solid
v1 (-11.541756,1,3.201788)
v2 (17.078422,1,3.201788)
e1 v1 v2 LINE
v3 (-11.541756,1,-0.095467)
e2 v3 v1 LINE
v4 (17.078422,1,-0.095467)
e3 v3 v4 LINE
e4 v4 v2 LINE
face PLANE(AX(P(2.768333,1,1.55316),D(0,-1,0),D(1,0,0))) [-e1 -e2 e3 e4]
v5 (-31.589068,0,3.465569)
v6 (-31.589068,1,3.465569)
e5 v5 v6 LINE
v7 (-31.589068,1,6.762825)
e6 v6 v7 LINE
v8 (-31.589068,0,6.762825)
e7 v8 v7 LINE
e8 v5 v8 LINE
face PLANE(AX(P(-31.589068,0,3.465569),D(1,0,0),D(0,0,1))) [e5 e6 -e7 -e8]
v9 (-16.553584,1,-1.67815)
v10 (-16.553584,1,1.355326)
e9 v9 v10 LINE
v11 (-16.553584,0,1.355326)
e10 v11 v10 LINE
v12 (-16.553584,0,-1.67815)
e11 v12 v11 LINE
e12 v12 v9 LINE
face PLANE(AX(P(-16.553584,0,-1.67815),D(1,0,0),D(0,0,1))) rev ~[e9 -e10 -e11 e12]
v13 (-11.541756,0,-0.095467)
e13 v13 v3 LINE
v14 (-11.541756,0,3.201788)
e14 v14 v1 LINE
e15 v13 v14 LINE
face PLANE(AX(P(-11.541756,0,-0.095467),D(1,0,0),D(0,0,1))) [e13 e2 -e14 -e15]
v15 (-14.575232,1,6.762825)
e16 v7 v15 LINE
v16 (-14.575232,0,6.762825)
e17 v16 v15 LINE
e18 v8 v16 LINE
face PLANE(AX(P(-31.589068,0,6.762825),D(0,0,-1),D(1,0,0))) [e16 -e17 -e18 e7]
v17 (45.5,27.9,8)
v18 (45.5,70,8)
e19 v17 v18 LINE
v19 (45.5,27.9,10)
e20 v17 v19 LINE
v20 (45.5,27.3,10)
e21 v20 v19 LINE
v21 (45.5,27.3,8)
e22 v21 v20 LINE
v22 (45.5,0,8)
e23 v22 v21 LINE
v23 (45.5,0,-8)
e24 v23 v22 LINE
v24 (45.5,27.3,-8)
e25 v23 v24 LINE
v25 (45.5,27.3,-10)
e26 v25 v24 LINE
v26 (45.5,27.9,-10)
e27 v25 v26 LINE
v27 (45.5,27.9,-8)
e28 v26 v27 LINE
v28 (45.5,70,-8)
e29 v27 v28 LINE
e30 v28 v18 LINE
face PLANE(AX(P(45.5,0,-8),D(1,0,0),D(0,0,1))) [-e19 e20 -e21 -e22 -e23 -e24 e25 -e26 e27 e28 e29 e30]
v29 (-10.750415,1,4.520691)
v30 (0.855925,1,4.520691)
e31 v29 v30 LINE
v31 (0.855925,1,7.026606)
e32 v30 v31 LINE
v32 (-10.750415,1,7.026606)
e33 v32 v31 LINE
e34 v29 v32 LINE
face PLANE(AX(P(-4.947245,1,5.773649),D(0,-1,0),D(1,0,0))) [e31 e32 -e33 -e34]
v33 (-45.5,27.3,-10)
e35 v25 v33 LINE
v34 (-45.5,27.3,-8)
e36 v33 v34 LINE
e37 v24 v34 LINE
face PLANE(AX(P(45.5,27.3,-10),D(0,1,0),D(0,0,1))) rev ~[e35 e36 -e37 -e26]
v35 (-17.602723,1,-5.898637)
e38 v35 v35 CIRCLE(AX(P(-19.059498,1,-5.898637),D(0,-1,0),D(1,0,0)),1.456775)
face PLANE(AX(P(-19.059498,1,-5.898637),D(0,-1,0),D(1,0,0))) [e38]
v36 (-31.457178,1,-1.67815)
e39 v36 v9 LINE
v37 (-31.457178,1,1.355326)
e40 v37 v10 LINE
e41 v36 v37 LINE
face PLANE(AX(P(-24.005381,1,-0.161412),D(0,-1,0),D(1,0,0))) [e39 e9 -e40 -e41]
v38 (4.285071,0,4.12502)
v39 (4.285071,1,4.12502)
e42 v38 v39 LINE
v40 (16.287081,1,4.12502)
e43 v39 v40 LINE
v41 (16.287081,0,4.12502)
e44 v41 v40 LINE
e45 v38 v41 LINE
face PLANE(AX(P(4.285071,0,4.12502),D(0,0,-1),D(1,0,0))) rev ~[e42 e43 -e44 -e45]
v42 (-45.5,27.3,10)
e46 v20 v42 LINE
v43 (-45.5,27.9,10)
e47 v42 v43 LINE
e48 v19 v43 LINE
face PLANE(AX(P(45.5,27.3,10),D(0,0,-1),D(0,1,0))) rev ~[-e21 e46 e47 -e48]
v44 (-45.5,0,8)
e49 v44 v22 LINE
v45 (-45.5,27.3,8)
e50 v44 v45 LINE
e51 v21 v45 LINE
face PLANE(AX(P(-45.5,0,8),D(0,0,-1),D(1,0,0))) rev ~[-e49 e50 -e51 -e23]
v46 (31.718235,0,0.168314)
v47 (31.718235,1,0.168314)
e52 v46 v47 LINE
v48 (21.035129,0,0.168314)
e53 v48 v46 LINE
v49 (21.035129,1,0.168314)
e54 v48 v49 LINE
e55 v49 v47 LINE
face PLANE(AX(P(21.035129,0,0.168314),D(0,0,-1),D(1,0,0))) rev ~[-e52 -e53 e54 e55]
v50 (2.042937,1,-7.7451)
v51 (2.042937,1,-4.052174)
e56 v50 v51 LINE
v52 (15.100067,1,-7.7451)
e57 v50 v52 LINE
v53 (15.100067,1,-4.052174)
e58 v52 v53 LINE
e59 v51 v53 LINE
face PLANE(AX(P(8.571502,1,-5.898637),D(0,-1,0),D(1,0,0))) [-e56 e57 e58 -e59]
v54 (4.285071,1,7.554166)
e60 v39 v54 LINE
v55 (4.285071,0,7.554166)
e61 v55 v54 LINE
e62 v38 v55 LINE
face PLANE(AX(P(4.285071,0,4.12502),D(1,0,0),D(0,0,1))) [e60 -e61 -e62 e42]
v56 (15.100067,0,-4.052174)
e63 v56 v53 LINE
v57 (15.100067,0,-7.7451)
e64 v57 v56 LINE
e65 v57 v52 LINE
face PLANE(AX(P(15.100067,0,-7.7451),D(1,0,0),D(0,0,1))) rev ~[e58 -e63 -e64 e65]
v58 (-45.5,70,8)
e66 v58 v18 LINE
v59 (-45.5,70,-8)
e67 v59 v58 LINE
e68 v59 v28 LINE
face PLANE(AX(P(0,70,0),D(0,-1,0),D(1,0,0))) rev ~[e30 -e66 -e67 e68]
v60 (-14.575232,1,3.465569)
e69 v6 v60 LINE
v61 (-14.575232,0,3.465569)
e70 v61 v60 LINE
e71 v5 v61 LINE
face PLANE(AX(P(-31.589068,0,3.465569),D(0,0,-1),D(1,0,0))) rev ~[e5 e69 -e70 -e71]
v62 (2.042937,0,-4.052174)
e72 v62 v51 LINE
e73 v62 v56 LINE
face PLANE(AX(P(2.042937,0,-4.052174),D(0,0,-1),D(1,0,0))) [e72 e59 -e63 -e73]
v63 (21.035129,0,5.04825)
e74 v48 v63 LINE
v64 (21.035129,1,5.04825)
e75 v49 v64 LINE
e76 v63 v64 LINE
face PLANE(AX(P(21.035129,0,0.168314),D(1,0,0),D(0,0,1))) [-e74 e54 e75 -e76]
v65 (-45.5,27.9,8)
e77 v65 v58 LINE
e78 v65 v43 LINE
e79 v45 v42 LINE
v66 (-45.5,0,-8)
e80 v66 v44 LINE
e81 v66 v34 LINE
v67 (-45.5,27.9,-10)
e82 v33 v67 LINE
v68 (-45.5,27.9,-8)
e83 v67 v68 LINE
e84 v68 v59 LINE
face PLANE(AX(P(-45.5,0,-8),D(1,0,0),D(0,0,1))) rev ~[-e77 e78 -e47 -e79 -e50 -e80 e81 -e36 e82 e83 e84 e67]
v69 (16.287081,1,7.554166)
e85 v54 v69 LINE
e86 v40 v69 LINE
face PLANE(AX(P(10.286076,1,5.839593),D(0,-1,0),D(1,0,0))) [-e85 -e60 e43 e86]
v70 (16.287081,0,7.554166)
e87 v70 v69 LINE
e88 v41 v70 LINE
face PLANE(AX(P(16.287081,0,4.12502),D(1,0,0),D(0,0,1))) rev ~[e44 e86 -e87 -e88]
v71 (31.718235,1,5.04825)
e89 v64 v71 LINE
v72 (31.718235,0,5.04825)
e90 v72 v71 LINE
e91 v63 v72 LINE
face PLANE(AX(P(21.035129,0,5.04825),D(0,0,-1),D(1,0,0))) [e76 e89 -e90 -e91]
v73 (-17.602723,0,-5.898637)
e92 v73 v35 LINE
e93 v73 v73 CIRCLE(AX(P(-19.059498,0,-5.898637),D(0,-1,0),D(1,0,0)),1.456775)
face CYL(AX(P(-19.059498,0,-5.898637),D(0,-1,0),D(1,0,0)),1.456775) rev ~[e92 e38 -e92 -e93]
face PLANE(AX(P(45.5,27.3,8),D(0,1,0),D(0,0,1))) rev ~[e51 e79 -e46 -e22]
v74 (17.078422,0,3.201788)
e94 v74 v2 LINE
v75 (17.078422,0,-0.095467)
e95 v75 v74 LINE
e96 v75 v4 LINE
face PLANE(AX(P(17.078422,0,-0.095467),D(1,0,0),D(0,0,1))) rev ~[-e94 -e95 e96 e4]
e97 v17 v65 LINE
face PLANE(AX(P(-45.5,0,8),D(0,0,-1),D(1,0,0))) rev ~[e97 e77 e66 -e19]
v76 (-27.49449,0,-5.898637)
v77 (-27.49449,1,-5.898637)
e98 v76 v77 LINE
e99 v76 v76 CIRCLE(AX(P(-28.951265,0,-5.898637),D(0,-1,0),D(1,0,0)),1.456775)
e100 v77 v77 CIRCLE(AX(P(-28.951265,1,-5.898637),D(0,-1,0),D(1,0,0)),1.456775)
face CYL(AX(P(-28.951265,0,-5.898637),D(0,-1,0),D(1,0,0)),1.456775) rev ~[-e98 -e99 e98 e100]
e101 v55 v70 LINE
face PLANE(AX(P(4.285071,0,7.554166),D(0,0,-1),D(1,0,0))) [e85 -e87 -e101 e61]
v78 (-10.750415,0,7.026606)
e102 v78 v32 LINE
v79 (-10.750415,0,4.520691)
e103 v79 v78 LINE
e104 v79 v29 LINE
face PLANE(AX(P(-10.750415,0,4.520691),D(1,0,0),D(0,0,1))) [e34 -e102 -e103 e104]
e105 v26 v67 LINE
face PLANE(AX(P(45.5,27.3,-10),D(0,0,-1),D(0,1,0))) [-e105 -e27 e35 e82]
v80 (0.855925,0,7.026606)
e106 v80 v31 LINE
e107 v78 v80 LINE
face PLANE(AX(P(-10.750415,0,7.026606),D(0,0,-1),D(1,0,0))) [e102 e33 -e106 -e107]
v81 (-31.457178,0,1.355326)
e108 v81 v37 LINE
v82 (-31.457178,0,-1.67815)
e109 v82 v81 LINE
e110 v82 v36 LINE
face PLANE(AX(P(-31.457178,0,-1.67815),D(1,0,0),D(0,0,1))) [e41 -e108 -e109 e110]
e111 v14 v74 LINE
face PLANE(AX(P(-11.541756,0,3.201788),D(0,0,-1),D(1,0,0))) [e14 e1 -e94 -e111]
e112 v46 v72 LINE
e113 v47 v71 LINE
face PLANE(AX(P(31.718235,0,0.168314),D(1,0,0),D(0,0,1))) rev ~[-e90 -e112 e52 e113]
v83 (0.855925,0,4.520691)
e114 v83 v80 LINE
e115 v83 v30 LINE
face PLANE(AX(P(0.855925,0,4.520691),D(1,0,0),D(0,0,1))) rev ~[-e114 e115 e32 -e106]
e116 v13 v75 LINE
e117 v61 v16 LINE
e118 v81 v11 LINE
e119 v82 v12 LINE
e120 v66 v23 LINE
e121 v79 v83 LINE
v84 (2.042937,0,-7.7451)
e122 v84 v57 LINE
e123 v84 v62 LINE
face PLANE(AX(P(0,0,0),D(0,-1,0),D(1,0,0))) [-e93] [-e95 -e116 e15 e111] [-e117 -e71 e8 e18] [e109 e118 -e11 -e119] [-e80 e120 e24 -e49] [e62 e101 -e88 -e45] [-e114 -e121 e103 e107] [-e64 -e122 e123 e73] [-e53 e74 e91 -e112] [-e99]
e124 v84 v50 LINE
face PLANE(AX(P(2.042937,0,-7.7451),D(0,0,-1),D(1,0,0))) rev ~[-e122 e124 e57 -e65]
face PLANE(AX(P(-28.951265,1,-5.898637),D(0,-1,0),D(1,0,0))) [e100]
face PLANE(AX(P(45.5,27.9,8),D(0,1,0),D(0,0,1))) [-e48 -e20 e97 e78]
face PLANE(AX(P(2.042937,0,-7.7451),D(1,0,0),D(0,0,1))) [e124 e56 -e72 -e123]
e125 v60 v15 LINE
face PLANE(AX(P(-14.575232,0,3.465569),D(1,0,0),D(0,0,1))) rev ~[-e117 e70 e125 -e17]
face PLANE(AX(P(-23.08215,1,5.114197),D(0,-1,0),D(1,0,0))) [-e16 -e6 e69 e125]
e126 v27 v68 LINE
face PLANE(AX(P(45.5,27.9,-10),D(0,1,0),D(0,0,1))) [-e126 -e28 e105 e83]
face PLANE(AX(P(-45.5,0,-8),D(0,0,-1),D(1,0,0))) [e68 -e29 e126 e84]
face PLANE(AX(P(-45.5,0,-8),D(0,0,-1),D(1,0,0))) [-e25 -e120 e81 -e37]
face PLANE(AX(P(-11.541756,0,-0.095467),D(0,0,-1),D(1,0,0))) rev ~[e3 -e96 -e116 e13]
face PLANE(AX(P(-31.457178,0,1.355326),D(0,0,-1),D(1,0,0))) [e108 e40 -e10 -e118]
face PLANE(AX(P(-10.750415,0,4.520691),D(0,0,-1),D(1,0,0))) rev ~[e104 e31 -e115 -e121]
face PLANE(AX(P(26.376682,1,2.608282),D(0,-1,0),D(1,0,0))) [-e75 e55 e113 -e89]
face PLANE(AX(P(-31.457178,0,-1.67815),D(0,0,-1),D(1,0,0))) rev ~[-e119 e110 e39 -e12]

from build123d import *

# Parameters (mm, degrees)
F0_W     = 91
F0_H     = 16
F1_DEPTH = 70
F2_R     = 1.456775
F2_W     = 10.683106
F2_H     = 4.879937
F2_W_2   = 13.057131
F2_H_2   = 3.692926
F2_W_3   = 17.013836
F2_H_3   = 3.297256
F2_W_4   = 14.903594
F2_H_4   = 3.033476
F2_W_5   = 11.60634
F2_H_5   = 2.505915
F2_W_6   = 12.00201
F2_H_6   = 3.429146
F2_W_7   = 28.620178
F2_H_7   = 3.297255
F3_DEPTH = 1
F4_W     = 0.6
F4_H     = 2
F5_DEPTH = 91


with BuildPart() as f1:
    # F0 (on Front) → F1 (new body)
    with BuildSketch(Plane.XZ):
        Rectangle(F0_W, F0_H)
    extrude(amount=-F1_DEPTH)

    # F2 (on face) → F3 (cut)
    with BuildSketch(Plane.XZ):
        with Locations((-28.951265, -5.898637)):
            Circle(F2_R)
        with Locations((-19.059498, -5.898637)):
            Circle(F2_R)
        with Locations((26.376682, 2.608282)):
            Rectangle(F2_W, F2_H)
        with Locations((8.571502, -5.898637)):
            Rectangle(F2_W_2, F2_H_2)
        with Locations((-23.08215, 5.114197)):
            Rectangle(F2_W_3, F2_H_3)
        with Locations((-24.005381, -0.161412)):
            Rectangle(F2_W_4, F2_H_4)
        with Locations((-4.947245, 5.773649)):
            Rectangle(F2_W_5, F2_H_5)
        with Locations((10.286076, 5.839593)):
            Rectangle(F2_W_6, F2_H_6)
        with Locations((2.768333, 1.55316)):
            Rectangle(F2_W_7, F2_H_7)
    extrude(amount=-F3_DEPTH, mode=Mode.SUBTRACT)

    # F4 (on face) → F5 (join, through all)
    with BuildSketch(Plane.YZ.offset(45.5)):
        with Locations((27.6, 9)):
            Rectangle(F4_W, F4_H)
        with Locations((27.6, -9)):
            Rectangle(F4_W, F4_H)
    extrude(amount=-F5_DEPTH)


solid = f1.part
